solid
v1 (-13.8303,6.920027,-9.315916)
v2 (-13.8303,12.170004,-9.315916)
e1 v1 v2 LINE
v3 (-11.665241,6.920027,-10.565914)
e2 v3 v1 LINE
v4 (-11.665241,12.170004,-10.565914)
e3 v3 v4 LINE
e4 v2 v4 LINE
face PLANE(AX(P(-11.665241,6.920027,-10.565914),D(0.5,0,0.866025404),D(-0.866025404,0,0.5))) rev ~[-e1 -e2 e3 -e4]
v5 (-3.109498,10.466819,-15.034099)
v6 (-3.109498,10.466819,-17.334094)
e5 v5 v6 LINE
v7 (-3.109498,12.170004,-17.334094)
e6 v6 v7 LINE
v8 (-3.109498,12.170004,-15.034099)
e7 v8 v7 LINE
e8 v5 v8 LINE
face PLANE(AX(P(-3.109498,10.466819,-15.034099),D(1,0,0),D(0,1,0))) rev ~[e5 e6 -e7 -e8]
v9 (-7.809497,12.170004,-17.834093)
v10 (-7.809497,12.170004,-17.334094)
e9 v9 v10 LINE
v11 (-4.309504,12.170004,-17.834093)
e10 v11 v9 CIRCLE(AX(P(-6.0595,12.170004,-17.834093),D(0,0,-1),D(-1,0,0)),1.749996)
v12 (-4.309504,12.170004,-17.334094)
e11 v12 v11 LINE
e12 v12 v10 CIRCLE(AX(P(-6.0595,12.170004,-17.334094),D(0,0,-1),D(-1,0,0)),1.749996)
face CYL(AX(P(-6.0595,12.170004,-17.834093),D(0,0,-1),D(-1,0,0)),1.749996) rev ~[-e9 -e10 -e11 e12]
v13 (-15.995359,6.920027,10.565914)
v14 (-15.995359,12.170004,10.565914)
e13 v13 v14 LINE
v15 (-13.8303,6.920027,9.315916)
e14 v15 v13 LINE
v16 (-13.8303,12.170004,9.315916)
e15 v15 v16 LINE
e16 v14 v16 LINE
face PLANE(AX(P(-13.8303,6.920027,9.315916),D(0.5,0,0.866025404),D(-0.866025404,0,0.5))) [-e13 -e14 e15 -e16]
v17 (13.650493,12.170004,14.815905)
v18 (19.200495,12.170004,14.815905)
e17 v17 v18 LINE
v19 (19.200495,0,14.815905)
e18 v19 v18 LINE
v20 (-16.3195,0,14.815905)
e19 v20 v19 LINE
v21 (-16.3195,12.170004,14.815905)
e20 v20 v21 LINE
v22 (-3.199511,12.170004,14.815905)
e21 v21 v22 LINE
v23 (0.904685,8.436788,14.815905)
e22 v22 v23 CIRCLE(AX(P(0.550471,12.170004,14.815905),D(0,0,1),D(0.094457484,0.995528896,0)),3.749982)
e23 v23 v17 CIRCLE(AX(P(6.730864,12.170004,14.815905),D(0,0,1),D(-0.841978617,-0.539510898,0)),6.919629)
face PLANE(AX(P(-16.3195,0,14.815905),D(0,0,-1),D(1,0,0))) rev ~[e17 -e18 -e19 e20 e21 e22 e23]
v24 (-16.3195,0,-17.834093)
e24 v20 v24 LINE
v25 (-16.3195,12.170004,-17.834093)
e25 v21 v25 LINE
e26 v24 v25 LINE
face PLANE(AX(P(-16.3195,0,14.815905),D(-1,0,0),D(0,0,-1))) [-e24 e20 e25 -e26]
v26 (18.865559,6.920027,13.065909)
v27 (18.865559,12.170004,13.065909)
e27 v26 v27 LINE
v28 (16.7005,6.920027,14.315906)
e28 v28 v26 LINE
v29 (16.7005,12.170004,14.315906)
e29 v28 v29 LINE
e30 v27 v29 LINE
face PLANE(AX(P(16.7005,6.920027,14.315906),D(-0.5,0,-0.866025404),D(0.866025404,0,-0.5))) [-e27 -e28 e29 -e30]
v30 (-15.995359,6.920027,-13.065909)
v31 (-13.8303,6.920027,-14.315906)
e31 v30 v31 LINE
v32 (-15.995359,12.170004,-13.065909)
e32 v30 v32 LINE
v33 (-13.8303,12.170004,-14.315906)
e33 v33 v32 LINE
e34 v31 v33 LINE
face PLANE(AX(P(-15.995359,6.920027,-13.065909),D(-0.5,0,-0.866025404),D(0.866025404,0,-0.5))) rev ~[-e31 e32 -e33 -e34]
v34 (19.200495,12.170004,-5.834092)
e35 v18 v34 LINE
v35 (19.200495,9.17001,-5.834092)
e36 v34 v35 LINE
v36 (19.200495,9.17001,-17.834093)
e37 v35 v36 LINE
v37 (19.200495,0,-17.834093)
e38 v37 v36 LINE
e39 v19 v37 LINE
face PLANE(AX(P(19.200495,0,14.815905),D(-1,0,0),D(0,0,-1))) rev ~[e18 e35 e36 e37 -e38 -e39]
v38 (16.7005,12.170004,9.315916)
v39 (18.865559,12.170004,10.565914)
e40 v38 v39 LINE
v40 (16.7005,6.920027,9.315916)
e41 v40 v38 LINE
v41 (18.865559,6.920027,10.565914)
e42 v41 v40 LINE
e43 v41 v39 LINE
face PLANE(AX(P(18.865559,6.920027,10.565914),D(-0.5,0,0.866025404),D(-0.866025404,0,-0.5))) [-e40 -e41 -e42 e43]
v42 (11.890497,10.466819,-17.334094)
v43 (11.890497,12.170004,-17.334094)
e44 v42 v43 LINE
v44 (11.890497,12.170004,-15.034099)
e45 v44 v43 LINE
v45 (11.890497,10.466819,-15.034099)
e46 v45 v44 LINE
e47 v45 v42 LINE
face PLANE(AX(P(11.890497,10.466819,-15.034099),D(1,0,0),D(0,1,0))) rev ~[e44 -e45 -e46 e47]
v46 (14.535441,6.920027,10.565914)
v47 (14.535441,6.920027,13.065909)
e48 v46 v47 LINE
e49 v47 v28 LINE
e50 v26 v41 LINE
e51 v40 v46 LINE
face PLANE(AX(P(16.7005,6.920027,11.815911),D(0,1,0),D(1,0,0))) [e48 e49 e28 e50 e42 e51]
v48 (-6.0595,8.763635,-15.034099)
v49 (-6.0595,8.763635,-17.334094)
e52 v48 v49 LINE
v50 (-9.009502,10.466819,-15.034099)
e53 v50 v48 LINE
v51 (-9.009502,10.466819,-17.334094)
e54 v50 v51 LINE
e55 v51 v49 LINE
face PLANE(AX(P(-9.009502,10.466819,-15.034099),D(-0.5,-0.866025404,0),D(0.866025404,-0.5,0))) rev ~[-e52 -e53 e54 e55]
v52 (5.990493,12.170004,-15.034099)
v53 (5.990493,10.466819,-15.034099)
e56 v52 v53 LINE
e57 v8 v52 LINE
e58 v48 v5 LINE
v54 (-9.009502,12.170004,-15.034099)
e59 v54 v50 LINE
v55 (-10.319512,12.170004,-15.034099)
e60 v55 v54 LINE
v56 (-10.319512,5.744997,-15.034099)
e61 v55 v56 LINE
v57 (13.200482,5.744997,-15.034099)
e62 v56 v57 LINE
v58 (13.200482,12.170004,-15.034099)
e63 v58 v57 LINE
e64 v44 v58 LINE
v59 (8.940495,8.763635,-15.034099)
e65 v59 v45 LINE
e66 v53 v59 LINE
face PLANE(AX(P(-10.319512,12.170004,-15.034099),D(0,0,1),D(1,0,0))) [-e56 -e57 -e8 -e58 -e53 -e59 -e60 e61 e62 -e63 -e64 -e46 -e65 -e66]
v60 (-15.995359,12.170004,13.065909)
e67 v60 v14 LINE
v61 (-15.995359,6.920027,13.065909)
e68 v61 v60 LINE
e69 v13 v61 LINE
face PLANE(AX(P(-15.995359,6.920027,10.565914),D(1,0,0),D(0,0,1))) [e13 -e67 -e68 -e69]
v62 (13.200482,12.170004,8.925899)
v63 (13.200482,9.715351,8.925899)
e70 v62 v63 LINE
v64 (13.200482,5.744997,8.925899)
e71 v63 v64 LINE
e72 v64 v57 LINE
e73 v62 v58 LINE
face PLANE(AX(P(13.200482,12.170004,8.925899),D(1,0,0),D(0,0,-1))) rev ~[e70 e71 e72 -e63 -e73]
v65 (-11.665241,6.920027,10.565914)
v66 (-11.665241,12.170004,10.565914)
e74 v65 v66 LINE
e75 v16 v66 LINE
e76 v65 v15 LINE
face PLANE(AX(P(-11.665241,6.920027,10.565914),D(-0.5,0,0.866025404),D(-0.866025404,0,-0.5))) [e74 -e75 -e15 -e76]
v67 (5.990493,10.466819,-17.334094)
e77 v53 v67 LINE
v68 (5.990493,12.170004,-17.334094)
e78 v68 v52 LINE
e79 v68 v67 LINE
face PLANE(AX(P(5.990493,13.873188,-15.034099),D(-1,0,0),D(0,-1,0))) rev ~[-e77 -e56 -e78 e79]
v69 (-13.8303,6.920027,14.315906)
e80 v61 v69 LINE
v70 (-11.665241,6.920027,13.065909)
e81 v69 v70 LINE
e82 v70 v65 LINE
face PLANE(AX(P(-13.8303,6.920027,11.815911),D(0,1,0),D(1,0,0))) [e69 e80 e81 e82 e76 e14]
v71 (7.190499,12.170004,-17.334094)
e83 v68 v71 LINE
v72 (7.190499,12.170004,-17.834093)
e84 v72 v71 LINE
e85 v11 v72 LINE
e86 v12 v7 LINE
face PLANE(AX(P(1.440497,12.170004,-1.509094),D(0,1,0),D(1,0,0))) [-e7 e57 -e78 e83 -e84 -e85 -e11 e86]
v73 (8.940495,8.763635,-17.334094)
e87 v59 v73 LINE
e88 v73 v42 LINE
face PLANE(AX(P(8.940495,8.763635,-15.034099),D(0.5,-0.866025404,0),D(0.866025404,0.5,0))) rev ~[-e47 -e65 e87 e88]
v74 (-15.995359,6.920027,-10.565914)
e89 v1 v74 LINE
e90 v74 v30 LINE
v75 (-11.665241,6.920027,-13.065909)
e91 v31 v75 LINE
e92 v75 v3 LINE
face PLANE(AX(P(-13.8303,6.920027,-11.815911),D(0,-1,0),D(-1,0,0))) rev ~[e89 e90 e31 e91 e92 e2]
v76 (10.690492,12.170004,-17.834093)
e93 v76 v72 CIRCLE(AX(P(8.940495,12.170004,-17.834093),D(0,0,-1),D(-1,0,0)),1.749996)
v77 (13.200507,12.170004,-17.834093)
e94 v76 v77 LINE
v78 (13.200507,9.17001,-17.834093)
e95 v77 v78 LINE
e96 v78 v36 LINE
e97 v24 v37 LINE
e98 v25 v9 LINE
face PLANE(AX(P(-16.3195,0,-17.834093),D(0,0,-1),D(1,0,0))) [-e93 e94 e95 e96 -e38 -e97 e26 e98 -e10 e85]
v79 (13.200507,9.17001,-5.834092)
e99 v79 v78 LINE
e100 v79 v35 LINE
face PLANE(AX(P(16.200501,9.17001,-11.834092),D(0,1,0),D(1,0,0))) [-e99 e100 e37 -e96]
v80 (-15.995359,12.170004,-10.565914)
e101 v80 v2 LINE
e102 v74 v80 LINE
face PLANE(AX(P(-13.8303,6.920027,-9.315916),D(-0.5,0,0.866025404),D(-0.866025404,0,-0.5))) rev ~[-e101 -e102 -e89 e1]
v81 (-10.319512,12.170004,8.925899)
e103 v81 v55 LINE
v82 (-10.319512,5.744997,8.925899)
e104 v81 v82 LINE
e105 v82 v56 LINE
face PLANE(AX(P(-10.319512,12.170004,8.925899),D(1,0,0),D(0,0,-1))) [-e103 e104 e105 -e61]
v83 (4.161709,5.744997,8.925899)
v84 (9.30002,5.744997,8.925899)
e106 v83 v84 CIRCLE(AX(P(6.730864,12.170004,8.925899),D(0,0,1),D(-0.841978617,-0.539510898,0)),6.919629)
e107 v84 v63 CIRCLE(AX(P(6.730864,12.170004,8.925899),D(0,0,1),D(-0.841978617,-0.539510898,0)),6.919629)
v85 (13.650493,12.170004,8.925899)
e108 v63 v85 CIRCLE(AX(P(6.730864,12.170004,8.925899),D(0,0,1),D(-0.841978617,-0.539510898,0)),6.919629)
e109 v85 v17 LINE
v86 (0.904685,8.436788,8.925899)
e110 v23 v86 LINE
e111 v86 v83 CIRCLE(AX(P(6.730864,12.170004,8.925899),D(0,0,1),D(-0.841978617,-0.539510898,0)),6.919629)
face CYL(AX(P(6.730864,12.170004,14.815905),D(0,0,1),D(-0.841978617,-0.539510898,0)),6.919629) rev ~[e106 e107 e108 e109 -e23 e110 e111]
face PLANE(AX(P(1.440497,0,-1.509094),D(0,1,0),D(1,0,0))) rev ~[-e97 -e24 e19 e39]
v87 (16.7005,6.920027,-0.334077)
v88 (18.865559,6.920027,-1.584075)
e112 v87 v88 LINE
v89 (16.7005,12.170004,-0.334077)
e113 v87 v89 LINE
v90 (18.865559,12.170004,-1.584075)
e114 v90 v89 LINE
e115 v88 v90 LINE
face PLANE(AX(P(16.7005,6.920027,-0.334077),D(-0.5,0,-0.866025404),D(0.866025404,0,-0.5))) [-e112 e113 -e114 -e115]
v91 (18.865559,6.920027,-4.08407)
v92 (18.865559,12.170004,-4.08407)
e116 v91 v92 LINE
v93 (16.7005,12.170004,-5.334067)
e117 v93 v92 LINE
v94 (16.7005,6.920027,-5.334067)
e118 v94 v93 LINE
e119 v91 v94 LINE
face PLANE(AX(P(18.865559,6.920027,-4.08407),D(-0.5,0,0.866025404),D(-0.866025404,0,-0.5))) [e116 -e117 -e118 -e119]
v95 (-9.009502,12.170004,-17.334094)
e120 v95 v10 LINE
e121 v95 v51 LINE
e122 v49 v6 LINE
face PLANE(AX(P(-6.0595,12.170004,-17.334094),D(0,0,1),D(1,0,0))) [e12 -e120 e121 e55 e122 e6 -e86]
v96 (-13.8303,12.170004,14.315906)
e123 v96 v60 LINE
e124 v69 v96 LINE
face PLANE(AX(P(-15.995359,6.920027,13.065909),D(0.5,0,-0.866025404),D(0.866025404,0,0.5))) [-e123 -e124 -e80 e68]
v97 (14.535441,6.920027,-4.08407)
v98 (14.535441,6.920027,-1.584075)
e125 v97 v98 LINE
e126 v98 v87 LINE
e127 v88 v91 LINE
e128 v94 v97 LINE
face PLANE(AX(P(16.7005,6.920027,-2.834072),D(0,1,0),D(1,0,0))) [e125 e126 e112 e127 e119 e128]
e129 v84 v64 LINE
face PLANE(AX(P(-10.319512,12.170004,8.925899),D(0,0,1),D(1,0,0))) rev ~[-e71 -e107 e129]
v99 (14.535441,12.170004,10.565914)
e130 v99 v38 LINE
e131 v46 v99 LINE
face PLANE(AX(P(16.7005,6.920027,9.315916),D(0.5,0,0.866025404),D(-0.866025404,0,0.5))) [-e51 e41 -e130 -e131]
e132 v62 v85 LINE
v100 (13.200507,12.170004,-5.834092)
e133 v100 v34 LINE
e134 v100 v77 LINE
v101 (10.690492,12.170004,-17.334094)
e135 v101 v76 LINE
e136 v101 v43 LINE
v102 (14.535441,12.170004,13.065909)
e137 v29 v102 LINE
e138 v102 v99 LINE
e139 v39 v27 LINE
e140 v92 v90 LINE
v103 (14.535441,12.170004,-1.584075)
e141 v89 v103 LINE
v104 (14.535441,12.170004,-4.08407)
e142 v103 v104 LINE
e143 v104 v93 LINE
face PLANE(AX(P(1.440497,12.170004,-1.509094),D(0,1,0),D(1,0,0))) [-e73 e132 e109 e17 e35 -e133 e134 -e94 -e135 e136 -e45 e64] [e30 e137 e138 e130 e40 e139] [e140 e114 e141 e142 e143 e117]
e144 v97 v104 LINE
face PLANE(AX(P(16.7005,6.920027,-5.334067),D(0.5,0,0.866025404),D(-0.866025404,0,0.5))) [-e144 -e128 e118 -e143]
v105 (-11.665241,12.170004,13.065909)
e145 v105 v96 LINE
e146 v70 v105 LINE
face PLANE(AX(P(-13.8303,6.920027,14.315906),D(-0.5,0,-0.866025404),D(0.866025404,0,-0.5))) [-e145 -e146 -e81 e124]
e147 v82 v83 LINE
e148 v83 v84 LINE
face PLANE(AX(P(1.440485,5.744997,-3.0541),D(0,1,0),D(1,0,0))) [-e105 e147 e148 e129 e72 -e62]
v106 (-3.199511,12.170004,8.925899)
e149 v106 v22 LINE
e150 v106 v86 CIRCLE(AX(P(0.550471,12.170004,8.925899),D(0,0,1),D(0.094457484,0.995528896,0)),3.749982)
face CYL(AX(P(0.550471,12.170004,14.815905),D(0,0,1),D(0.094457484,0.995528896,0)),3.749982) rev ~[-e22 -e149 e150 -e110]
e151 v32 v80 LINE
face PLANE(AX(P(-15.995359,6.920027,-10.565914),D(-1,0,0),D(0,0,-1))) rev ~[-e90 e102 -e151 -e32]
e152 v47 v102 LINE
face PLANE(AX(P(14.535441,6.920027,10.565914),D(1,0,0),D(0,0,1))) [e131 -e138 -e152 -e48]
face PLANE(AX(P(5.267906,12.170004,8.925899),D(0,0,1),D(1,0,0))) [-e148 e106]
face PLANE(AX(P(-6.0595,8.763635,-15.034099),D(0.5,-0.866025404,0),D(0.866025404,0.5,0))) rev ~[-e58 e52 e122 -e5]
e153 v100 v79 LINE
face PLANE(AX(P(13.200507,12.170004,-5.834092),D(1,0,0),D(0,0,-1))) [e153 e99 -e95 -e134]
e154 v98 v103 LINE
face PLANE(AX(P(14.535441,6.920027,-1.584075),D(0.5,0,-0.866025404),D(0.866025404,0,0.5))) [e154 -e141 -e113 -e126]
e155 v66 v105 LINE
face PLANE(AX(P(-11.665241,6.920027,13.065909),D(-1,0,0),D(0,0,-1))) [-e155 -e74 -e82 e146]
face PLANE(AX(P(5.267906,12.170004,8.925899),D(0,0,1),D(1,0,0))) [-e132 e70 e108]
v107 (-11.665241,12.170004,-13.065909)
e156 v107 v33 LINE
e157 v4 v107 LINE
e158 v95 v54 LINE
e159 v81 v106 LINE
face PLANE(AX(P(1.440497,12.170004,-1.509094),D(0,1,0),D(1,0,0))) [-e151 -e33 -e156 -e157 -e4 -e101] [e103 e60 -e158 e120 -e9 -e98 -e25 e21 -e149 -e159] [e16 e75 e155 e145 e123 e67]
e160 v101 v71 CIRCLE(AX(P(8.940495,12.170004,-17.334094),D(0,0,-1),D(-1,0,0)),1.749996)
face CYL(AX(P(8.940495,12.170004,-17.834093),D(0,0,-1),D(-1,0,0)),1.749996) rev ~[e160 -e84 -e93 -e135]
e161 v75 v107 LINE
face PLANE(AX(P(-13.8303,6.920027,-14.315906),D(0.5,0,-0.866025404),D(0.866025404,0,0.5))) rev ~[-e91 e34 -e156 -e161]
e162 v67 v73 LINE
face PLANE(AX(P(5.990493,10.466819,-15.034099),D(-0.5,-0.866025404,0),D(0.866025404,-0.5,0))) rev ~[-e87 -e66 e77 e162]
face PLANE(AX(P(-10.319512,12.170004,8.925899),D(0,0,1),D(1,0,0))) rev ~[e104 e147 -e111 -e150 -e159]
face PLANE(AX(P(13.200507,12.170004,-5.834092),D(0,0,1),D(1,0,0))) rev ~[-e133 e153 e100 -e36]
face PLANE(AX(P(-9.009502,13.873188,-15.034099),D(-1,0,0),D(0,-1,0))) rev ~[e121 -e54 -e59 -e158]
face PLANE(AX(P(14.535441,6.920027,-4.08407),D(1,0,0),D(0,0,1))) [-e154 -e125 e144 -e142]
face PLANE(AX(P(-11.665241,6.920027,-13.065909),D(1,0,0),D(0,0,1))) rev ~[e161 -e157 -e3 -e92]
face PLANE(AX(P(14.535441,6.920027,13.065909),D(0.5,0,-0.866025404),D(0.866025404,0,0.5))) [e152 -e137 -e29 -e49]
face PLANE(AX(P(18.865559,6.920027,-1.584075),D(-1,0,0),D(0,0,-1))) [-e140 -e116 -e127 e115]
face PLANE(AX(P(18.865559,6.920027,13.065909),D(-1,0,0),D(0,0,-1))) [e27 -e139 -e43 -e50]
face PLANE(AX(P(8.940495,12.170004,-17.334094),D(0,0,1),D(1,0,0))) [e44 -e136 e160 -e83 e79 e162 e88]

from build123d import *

# Parameters (mm, degrees)
SKETCH1_W               = 35.519995
SKETCH1_H               = 32.6499982
BOSS_EXTRUDE1_DEPTH     = 12.1700036
CUT_EXTRUDE1_DEPTH      = 29.893301397
CUT_EXTRUDE1_DEPTH_BACK = 5.2499768
SKETCH3_W               = 5.999988
SKETCH3_H               = 12.0000014
CUT_EXTRUDE2_DEPTH      = 2.999994
SKETCH4_W               = 23.5199936
SKETCH4_H               = 23.9599978
CUT_EXTRUDE3_DEPTH      = 6.4250062
CUT_EXTRUDE5_DEPTH      = 5.890006
CUT_EXTRUDE6_DEPTH      = 2.2999954
SKETCH8_R               = 1.7499965
CUT_EXTRUDE7_DEPTH      = 2.7999944


with BuildPart() as part:
    # Sketch1 → Boss-Extrude1 (new body)
    with BuildSketch(Plane(origin=(0, 0, 0), x_dir=(1, 0, 0), z_dir=(0, 1, 0))):
        with Locations((1.4404975, 1.509093805)):
            Rectangle(SKETCH1_W, SKETCH1_H)
    extrude(amount=BOSS_EXTRUDE1_DEPTH)

    # Sketch2 → Cut-Extrude1 (cut, two sides: drawn at the far end of the back side and taken through both)
    with BuildSketch(Plane(origin=(0, 12.1700036, 0), x_dir=(1, 0, 0), z_dir=(0, 1, 0)).offset(-CUT_EXTRUDE1_DEPTH_BACK)):
        Polygon((-13.8303, -9.315916295), (-15.995359179, -10.565913795), (-15.995359179, -13.065908795), (-13.8303, -14.315906295), (-11.665240821, -13.065908795), (-11.665240821, -10.565913795), align=None)
        Polygon((-11.665240821, 10.565913795), (-13.8303, 9.315916295), (-15.995359179, 10.565913795), (-15.995359179, 13.065908795), (-13.8303, 14.315906295), (-11.665240821, 13.065908795), align=None)
        Polygon((16.7005, 5.334067105), (14.535440821, 4.084069605), (14.535440821, 1.584074605), (16.7005, 0.334077105), (18.865559179, 1.584074605), (18.865559179, 4.084069605), align=None)
        Polygon((16.7005, -14.315906295), (18.865559179, -13.065908795), (18.865559179, -10.565913795), (16.7005, -9.315916295), (14.535440821, -10.565913795), (14.535440821, -13.065908795), align=None)
    extrude(amount=CUT_EXTRUDE1_DEPTH + CUT_EXTRUDE1_DEPTH_BACK, mode=Mode.SUBTRACT)

    # Sketch3 → Cut-Extrude2 (cut)
    with BuildSketch(Plane(origin=(0, 12.1700036, 0), x_dir=(1, 0, 0), z_dir=(0, 1, 0))):
        with Locations((16.200501, 11.834092205)):
            Rectangle(SKETCH3_W, SKETCH3_H)
    extrude(amount=-CUT_EXTRUDE2_DEPTH, mode=Mode.SUBTRACT)

    # Sketch4 → Cut-Extrude3 (cut)
    with BuildSketch(Plane(origin=(0, 12.1700036, 0), x_dir=(1, 0, 0), z_dir=(0, 1, 0))):
        with Locations((1.4404848, 3.054099605)):
            Rectangle(SKETCH4_W, SKETCH4_H)
    extrude(amount=-CUT_EXTRUDE3_DEPTH, mode=Mode.SUBTRACT)

    # Sketch6 → Cut-Extrude5 (cut)
    with BuildSketch(Plane.XY.offset(14.815905295)):
        with BuildLine():
            ThreePointArc((0.90468468, 8.436788325), (13.6504934, 12.1700036), (0.90468468, 15.903218875))
            ThreePointArc((0.90468468, 15.903218875), (-3.199511, 12.1700036), (0.90468468, 8.436788325))
        make_face()
    extrude(amount=-CUT_EXTRUDE5_DEPTH, mode=Mode.SUBTRACT)

    # Sketch7 → Cut-Extrude6 (cut)
    with BuildSketch(Plane.XY.offset(-15.034098505)):
        Polygon((8.9404952, 8.763635), (11.890496942, 10.4668193), (11.890496942, 13.8731879), (8.9404952, 15.5763722), (5.990493458, 13.8731879), (5.990493458, 10.4668193), align=None)
        Polygon((-6.0595002, 8.763635), (-3.109498458, 10.4668193), (-3.109498458, 13.8731879), (-6.0595002, 15.5763722), (-9.009501942, 13.8731879), (-9.009501942, 10.4668193), align=None)
    extrude(amount=-CUT_EXTRUDE6_DEPTH, mode=Mode.SUBTRACT)

    # Sketch8 → Cut-Extrude7 (cut)
    with BuildSketch(Plane(origin=(0, 0, -17.834092905), x_dir=(-1, 0, 0), z_dir=(0, 0, -1))):
        with Locations((-8.9404952, 12.1700036)):
            Circle(SKETCH8_R)
        with Locations((6.0595002, 12.1700036)):
            Circle(SKETCH8_R)
    extrude(amount=-CUT_EXTRUDE7_DEPTH, mode=Mode.SUBTRACT)


solid = part.part
